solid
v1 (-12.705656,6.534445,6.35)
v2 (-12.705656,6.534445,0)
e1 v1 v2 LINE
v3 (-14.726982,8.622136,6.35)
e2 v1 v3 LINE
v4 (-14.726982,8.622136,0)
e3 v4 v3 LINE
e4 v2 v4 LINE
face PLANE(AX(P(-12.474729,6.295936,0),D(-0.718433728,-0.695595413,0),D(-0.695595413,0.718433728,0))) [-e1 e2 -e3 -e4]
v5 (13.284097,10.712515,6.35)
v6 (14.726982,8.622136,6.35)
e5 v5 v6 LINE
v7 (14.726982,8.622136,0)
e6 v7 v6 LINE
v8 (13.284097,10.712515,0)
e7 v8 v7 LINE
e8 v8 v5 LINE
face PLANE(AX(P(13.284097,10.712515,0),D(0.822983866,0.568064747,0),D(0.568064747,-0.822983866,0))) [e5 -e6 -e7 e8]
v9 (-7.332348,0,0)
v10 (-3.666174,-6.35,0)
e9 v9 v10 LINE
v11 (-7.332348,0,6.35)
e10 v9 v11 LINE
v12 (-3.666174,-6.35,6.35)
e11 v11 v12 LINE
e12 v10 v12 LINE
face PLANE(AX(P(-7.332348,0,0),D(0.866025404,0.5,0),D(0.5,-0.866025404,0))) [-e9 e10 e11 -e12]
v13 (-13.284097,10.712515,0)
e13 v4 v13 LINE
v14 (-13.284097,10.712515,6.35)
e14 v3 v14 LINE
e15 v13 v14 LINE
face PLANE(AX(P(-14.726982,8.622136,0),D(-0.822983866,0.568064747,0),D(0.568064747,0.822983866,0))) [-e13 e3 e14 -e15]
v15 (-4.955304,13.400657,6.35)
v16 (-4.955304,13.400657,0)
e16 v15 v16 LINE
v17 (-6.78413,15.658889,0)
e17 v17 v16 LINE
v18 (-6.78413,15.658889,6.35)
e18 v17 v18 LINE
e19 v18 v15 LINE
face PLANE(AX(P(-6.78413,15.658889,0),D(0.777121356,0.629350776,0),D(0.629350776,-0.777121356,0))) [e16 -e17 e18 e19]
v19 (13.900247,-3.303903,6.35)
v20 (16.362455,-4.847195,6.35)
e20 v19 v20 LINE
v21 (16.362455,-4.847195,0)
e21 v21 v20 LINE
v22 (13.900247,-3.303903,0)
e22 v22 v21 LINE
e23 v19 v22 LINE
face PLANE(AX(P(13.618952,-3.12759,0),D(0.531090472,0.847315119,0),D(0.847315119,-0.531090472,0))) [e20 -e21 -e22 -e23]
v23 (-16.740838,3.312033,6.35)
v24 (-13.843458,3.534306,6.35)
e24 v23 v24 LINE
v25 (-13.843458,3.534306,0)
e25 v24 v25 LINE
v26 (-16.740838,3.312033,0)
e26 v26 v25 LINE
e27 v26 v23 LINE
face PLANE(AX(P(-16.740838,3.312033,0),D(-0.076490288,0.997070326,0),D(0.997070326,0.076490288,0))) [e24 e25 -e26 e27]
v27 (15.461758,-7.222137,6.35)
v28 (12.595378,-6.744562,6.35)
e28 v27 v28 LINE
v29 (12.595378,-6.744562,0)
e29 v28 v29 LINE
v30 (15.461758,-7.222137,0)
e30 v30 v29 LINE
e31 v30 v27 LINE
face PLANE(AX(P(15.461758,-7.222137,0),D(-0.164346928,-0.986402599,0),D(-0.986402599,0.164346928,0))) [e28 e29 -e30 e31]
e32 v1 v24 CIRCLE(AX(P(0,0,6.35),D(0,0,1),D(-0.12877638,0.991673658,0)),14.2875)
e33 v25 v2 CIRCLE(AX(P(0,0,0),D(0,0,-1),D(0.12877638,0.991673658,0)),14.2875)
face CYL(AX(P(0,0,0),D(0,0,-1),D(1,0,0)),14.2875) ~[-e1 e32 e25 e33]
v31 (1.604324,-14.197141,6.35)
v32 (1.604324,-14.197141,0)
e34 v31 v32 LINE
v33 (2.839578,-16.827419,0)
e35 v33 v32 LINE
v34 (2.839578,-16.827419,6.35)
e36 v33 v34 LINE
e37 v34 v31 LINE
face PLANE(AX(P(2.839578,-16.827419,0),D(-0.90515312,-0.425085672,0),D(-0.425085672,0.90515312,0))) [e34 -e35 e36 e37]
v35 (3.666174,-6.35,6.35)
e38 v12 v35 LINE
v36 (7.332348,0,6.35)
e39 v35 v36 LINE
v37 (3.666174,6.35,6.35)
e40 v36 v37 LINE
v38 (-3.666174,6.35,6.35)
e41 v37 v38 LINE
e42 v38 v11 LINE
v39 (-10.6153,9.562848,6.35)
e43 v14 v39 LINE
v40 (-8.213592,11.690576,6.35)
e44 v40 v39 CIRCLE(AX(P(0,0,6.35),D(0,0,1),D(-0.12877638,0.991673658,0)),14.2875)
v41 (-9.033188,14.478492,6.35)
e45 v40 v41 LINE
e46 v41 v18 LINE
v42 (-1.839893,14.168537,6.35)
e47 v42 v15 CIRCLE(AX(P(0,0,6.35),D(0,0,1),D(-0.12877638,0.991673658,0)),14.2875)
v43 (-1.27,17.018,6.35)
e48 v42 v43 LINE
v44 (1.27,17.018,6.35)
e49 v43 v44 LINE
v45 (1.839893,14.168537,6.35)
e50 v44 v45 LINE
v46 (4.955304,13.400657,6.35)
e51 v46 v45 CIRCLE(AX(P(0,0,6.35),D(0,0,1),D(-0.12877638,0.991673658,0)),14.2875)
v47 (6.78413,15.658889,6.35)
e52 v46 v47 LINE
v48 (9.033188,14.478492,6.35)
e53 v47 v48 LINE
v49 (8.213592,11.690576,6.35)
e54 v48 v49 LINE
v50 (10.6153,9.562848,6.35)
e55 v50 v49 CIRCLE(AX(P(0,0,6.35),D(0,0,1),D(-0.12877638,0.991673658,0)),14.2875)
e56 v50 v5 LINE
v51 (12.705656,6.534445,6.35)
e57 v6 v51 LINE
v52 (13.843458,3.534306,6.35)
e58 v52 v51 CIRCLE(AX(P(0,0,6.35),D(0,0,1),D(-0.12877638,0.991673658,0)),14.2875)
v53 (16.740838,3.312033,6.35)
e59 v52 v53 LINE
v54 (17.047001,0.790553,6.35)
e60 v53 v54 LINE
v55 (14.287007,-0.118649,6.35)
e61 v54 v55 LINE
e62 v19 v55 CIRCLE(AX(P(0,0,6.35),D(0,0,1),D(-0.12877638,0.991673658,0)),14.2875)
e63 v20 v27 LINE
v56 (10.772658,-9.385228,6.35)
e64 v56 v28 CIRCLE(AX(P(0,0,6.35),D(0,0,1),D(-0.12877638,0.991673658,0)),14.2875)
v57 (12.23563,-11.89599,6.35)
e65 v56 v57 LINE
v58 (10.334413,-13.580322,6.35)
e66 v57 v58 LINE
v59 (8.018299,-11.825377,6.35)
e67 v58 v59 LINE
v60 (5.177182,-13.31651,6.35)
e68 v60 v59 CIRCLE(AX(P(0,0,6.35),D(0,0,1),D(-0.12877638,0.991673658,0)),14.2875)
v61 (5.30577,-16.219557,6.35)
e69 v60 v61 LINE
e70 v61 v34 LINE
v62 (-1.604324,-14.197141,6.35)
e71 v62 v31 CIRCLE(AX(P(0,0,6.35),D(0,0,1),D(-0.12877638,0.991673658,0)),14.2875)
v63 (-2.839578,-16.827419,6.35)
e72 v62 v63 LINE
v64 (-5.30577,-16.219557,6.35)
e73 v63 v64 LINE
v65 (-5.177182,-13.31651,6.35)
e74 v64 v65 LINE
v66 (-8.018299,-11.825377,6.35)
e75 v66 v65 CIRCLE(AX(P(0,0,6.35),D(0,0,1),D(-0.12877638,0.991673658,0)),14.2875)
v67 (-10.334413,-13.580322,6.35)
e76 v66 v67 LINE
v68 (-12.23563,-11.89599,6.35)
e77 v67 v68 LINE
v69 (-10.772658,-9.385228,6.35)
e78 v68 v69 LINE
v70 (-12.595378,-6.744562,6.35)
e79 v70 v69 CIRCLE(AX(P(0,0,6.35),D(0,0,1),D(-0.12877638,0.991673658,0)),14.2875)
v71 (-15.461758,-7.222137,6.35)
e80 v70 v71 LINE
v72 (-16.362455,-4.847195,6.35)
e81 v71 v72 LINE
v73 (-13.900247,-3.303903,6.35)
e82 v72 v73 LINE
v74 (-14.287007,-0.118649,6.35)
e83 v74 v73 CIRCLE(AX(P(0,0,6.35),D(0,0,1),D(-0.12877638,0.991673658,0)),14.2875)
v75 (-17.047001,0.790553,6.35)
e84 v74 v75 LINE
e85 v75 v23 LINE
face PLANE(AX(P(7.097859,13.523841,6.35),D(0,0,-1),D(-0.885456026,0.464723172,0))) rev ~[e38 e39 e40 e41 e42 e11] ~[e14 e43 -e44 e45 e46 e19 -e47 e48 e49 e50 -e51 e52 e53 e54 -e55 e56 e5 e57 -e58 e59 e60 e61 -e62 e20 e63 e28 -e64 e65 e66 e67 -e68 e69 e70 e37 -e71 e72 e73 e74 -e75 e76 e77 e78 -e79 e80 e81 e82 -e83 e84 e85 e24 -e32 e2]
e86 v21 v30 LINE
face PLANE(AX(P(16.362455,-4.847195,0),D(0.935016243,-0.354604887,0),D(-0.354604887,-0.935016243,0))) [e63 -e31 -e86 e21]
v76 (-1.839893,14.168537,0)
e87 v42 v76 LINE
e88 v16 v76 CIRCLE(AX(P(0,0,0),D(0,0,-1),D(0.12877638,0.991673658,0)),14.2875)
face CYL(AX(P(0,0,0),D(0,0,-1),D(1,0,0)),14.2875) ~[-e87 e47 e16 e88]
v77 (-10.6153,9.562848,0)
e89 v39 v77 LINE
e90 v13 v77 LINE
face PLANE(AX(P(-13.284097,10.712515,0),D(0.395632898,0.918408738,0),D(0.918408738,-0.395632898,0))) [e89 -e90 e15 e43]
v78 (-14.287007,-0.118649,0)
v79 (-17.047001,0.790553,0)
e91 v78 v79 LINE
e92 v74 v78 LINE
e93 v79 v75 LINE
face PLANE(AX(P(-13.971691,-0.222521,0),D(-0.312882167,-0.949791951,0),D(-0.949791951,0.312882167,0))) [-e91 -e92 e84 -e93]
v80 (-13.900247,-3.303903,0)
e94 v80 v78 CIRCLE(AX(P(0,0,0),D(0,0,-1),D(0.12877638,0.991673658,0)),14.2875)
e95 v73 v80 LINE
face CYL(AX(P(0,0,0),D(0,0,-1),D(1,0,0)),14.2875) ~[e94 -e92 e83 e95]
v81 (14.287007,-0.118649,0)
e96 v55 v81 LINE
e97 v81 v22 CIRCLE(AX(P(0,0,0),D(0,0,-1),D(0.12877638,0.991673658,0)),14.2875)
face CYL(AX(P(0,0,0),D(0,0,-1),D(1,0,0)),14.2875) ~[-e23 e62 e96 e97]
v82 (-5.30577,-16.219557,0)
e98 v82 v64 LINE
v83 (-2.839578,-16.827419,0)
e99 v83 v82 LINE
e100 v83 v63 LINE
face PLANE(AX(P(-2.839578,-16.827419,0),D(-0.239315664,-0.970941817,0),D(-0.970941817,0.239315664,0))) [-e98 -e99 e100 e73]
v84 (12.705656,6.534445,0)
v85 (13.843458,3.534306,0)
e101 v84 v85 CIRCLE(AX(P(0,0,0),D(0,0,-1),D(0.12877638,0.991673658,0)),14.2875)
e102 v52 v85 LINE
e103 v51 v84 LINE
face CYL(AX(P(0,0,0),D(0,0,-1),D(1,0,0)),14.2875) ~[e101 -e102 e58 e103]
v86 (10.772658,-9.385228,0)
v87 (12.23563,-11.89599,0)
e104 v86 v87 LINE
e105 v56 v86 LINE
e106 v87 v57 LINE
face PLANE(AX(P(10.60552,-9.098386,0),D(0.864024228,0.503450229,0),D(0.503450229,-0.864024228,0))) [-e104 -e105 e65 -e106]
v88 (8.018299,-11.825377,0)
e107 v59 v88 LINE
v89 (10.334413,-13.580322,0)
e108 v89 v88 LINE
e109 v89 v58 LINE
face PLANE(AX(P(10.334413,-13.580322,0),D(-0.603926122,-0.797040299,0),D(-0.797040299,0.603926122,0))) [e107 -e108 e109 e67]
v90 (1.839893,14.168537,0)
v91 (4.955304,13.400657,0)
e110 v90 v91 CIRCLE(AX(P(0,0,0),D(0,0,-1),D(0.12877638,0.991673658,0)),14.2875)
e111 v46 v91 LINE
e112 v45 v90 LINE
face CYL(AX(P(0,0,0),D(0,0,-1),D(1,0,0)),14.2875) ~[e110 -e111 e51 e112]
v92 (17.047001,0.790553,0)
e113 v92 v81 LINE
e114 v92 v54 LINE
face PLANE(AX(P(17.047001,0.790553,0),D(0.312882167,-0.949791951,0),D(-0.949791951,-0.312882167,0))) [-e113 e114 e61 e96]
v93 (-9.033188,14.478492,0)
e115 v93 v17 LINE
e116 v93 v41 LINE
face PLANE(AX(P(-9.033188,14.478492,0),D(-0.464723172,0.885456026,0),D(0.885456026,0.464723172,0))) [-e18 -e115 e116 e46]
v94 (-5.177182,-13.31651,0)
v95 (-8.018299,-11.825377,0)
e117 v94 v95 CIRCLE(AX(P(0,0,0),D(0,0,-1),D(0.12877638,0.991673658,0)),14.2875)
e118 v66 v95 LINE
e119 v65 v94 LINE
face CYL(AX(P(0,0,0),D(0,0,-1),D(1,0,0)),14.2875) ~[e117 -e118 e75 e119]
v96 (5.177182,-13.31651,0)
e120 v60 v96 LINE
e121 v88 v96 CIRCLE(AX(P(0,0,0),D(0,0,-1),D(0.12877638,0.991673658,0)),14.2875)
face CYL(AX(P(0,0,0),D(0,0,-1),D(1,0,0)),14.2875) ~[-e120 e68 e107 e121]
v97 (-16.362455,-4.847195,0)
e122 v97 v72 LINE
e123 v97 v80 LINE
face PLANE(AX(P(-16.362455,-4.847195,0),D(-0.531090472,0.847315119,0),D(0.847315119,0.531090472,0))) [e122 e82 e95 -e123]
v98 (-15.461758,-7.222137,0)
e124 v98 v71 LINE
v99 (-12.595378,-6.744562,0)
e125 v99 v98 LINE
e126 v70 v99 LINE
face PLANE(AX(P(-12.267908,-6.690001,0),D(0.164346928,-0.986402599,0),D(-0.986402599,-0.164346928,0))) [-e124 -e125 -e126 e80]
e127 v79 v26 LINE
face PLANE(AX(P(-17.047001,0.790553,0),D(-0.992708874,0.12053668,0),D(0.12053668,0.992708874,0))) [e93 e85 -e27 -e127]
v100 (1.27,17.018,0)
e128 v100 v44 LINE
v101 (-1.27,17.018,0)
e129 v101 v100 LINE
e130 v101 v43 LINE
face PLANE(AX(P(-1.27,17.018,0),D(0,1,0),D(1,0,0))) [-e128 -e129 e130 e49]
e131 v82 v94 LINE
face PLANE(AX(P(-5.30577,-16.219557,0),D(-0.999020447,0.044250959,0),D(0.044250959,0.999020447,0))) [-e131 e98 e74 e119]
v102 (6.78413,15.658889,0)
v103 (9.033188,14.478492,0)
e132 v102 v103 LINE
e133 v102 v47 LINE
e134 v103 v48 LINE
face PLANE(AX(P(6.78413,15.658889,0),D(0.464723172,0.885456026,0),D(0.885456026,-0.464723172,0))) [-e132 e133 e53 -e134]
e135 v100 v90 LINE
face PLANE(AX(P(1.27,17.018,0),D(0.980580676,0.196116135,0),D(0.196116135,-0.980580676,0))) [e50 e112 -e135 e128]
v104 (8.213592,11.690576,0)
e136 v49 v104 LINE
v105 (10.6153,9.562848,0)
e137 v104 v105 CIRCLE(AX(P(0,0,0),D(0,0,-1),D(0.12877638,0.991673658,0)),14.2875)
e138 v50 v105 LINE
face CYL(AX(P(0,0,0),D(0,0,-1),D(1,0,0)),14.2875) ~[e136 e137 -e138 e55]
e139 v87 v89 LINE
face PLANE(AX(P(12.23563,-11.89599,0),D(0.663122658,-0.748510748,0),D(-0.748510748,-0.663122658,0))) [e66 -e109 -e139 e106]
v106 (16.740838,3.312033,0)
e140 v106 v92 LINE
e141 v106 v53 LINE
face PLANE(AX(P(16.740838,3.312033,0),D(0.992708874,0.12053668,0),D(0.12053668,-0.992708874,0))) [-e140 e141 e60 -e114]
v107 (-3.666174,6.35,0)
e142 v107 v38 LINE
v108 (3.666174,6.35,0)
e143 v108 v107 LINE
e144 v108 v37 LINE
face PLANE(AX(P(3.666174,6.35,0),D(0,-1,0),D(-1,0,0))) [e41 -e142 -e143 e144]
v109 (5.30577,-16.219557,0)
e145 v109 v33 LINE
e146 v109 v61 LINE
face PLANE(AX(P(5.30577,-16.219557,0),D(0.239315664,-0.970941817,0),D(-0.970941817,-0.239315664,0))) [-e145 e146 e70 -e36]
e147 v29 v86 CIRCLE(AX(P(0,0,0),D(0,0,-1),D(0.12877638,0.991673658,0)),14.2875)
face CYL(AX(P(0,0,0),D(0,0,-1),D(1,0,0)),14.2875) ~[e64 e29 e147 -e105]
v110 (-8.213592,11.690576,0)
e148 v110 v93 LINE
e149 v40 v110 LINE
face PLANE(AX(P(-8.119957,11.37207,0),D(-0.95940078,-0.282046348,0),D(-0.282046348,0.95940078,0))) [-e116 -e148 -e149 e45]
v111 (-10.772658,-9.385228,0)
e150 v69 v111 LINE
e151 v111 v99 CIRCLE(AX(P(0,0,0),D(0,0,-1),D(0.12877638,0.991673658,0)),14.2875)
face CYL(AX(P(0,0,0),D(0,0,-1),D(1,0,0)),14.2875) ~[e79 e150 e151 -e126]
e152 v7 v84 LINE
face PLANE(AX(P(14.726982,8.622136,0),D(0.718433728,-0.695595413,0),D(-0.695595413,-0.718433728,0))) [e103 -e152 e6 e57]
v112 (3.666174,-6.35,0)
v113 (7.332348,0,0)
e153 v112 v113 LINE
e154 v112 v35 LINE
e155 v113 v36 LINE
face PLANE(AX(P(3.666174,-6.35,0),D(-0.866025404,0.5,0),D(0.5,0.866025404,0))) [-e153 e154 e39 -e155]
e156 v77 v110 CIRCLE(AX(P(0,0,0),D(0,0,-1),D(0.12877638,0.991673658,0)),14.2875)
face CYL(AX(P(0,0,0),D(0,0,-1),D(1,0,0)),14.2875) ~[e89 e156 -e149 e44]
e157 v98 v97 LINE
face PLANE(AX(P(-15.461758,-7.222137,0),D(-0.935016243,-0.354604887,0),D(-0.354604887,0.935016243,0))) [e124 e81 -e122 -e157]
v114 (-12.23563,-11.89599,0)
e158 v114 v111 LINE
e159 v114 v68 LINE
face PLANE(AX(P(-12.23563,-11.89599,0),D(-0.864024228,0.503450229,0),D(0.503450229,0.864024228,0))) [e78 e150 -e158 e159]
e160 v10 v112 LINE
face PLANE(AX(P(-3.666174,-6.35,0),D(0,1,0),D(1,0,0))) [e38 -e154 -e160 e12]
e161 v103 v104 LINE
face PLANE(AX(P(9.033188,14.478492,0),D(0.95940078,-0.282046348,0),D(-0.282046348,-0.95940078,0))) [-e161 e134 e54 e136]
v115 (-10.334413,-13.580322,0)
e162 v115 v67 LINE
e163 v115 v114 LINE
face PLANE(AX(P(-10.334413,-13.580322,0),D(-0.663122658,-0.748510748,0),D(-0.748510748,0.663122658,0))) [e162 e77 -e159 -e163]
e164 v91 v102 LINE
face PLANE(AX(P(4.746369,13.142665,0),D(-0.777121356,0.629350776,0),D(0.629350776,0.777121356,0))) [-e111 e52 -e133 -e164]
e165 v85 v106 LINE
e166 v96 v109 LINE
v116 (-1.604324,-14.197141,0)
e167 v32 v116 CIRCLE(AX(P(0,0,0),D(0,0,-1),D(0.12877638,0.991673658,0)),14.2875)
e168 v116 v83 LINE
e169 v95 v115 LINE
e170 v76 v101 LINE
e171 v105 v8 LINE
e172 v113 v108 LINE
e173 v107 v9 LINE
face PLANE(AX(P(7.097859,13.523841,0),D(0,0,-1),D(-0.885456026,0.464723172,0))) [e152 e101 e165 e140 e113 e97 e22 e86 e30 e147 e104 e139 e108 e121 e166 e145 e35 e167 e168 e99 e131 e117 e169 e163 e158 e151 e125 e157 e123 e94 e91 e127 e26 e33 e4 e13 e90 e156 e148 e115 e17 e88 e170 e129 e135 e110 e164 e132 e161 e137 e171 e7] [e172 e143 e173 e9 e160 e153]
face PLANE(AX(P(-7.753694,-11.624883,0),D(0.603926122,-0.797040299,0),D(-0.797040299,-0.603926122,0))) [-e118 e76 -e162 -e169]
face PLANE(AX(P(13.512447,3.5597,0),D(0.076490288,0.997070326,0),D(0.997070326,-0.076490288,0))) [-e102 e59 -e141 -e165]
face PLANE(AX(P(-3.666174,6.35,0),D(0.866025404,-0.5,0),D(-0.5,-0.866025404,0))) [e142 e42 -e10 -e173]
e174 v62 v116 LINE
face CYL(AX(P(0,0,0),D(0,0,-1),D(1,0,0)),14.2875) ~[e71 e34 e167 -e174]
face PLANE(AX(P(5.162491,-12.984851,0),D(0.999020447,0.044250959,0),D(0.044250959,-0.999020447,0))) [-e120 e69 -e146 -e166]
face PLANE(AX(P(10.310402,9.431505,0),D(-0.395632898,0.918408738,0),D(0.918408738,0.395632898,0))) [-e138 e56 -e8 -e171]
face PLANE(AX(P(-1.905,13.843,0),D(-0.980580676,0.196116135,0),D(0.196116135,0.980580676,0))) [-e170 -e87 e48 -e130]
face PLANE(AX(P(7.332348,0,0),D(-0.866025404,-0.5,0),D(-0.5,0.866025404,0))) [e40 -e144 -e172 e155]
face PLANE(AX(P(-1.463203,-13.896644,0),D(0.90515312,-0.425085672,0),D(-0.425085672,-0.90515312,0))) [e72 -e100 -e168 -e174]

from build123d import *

# Parameters (mm, degrees)
SKETCH1_R           = 14.2875
BOSS_EXTRUDE1_DEPTH = 6.35
BOSS_EXTRUDE2_DEPTH = 6.35
CIRPATTERN1_COUNT   = 13


with BuildPart() as part:
    # Sketch1 → Boss-Extrude1 (new body)
    with BuildSketch(Plane.XY):
        Circle(SKETCH1_R)
        Polygon((7.332348419, 0), (3.666174209, 6.35), (-3.666174209, 6.35), (-7.332348419, 0), (-3.666174209, -6.35), (3.666174209, -6.35), align=None, mode=Mode.SUBTRACT)
    extrude(amount=BOSS_EXTRUDE1_DEPTH)

    # Sketch2 → Boss-Extrude2 (add)
    with BuildSketch(Plane.XY):
        Polygon((-1.27, 17.018), (1.27, 17.018), (1.905, 13.843), (-1.905, 13.843), align=None)
    boss_extrude2 = extrude(amount=BOSS_EXTRUDE2_DEPTH)

    # CirPattern1: Boss-Extrude2 ×13 about axis
    cirpattern1_axis = Axis((0, 0, 0), (0, 0, 1))
    for i in range(1, CIRPATTERN1_COUNT):
        add(boss_extrude2.rotate(cirpattern1_axis, i * 360 / CIRPATTERN1_COUNT))


solid = part.part
